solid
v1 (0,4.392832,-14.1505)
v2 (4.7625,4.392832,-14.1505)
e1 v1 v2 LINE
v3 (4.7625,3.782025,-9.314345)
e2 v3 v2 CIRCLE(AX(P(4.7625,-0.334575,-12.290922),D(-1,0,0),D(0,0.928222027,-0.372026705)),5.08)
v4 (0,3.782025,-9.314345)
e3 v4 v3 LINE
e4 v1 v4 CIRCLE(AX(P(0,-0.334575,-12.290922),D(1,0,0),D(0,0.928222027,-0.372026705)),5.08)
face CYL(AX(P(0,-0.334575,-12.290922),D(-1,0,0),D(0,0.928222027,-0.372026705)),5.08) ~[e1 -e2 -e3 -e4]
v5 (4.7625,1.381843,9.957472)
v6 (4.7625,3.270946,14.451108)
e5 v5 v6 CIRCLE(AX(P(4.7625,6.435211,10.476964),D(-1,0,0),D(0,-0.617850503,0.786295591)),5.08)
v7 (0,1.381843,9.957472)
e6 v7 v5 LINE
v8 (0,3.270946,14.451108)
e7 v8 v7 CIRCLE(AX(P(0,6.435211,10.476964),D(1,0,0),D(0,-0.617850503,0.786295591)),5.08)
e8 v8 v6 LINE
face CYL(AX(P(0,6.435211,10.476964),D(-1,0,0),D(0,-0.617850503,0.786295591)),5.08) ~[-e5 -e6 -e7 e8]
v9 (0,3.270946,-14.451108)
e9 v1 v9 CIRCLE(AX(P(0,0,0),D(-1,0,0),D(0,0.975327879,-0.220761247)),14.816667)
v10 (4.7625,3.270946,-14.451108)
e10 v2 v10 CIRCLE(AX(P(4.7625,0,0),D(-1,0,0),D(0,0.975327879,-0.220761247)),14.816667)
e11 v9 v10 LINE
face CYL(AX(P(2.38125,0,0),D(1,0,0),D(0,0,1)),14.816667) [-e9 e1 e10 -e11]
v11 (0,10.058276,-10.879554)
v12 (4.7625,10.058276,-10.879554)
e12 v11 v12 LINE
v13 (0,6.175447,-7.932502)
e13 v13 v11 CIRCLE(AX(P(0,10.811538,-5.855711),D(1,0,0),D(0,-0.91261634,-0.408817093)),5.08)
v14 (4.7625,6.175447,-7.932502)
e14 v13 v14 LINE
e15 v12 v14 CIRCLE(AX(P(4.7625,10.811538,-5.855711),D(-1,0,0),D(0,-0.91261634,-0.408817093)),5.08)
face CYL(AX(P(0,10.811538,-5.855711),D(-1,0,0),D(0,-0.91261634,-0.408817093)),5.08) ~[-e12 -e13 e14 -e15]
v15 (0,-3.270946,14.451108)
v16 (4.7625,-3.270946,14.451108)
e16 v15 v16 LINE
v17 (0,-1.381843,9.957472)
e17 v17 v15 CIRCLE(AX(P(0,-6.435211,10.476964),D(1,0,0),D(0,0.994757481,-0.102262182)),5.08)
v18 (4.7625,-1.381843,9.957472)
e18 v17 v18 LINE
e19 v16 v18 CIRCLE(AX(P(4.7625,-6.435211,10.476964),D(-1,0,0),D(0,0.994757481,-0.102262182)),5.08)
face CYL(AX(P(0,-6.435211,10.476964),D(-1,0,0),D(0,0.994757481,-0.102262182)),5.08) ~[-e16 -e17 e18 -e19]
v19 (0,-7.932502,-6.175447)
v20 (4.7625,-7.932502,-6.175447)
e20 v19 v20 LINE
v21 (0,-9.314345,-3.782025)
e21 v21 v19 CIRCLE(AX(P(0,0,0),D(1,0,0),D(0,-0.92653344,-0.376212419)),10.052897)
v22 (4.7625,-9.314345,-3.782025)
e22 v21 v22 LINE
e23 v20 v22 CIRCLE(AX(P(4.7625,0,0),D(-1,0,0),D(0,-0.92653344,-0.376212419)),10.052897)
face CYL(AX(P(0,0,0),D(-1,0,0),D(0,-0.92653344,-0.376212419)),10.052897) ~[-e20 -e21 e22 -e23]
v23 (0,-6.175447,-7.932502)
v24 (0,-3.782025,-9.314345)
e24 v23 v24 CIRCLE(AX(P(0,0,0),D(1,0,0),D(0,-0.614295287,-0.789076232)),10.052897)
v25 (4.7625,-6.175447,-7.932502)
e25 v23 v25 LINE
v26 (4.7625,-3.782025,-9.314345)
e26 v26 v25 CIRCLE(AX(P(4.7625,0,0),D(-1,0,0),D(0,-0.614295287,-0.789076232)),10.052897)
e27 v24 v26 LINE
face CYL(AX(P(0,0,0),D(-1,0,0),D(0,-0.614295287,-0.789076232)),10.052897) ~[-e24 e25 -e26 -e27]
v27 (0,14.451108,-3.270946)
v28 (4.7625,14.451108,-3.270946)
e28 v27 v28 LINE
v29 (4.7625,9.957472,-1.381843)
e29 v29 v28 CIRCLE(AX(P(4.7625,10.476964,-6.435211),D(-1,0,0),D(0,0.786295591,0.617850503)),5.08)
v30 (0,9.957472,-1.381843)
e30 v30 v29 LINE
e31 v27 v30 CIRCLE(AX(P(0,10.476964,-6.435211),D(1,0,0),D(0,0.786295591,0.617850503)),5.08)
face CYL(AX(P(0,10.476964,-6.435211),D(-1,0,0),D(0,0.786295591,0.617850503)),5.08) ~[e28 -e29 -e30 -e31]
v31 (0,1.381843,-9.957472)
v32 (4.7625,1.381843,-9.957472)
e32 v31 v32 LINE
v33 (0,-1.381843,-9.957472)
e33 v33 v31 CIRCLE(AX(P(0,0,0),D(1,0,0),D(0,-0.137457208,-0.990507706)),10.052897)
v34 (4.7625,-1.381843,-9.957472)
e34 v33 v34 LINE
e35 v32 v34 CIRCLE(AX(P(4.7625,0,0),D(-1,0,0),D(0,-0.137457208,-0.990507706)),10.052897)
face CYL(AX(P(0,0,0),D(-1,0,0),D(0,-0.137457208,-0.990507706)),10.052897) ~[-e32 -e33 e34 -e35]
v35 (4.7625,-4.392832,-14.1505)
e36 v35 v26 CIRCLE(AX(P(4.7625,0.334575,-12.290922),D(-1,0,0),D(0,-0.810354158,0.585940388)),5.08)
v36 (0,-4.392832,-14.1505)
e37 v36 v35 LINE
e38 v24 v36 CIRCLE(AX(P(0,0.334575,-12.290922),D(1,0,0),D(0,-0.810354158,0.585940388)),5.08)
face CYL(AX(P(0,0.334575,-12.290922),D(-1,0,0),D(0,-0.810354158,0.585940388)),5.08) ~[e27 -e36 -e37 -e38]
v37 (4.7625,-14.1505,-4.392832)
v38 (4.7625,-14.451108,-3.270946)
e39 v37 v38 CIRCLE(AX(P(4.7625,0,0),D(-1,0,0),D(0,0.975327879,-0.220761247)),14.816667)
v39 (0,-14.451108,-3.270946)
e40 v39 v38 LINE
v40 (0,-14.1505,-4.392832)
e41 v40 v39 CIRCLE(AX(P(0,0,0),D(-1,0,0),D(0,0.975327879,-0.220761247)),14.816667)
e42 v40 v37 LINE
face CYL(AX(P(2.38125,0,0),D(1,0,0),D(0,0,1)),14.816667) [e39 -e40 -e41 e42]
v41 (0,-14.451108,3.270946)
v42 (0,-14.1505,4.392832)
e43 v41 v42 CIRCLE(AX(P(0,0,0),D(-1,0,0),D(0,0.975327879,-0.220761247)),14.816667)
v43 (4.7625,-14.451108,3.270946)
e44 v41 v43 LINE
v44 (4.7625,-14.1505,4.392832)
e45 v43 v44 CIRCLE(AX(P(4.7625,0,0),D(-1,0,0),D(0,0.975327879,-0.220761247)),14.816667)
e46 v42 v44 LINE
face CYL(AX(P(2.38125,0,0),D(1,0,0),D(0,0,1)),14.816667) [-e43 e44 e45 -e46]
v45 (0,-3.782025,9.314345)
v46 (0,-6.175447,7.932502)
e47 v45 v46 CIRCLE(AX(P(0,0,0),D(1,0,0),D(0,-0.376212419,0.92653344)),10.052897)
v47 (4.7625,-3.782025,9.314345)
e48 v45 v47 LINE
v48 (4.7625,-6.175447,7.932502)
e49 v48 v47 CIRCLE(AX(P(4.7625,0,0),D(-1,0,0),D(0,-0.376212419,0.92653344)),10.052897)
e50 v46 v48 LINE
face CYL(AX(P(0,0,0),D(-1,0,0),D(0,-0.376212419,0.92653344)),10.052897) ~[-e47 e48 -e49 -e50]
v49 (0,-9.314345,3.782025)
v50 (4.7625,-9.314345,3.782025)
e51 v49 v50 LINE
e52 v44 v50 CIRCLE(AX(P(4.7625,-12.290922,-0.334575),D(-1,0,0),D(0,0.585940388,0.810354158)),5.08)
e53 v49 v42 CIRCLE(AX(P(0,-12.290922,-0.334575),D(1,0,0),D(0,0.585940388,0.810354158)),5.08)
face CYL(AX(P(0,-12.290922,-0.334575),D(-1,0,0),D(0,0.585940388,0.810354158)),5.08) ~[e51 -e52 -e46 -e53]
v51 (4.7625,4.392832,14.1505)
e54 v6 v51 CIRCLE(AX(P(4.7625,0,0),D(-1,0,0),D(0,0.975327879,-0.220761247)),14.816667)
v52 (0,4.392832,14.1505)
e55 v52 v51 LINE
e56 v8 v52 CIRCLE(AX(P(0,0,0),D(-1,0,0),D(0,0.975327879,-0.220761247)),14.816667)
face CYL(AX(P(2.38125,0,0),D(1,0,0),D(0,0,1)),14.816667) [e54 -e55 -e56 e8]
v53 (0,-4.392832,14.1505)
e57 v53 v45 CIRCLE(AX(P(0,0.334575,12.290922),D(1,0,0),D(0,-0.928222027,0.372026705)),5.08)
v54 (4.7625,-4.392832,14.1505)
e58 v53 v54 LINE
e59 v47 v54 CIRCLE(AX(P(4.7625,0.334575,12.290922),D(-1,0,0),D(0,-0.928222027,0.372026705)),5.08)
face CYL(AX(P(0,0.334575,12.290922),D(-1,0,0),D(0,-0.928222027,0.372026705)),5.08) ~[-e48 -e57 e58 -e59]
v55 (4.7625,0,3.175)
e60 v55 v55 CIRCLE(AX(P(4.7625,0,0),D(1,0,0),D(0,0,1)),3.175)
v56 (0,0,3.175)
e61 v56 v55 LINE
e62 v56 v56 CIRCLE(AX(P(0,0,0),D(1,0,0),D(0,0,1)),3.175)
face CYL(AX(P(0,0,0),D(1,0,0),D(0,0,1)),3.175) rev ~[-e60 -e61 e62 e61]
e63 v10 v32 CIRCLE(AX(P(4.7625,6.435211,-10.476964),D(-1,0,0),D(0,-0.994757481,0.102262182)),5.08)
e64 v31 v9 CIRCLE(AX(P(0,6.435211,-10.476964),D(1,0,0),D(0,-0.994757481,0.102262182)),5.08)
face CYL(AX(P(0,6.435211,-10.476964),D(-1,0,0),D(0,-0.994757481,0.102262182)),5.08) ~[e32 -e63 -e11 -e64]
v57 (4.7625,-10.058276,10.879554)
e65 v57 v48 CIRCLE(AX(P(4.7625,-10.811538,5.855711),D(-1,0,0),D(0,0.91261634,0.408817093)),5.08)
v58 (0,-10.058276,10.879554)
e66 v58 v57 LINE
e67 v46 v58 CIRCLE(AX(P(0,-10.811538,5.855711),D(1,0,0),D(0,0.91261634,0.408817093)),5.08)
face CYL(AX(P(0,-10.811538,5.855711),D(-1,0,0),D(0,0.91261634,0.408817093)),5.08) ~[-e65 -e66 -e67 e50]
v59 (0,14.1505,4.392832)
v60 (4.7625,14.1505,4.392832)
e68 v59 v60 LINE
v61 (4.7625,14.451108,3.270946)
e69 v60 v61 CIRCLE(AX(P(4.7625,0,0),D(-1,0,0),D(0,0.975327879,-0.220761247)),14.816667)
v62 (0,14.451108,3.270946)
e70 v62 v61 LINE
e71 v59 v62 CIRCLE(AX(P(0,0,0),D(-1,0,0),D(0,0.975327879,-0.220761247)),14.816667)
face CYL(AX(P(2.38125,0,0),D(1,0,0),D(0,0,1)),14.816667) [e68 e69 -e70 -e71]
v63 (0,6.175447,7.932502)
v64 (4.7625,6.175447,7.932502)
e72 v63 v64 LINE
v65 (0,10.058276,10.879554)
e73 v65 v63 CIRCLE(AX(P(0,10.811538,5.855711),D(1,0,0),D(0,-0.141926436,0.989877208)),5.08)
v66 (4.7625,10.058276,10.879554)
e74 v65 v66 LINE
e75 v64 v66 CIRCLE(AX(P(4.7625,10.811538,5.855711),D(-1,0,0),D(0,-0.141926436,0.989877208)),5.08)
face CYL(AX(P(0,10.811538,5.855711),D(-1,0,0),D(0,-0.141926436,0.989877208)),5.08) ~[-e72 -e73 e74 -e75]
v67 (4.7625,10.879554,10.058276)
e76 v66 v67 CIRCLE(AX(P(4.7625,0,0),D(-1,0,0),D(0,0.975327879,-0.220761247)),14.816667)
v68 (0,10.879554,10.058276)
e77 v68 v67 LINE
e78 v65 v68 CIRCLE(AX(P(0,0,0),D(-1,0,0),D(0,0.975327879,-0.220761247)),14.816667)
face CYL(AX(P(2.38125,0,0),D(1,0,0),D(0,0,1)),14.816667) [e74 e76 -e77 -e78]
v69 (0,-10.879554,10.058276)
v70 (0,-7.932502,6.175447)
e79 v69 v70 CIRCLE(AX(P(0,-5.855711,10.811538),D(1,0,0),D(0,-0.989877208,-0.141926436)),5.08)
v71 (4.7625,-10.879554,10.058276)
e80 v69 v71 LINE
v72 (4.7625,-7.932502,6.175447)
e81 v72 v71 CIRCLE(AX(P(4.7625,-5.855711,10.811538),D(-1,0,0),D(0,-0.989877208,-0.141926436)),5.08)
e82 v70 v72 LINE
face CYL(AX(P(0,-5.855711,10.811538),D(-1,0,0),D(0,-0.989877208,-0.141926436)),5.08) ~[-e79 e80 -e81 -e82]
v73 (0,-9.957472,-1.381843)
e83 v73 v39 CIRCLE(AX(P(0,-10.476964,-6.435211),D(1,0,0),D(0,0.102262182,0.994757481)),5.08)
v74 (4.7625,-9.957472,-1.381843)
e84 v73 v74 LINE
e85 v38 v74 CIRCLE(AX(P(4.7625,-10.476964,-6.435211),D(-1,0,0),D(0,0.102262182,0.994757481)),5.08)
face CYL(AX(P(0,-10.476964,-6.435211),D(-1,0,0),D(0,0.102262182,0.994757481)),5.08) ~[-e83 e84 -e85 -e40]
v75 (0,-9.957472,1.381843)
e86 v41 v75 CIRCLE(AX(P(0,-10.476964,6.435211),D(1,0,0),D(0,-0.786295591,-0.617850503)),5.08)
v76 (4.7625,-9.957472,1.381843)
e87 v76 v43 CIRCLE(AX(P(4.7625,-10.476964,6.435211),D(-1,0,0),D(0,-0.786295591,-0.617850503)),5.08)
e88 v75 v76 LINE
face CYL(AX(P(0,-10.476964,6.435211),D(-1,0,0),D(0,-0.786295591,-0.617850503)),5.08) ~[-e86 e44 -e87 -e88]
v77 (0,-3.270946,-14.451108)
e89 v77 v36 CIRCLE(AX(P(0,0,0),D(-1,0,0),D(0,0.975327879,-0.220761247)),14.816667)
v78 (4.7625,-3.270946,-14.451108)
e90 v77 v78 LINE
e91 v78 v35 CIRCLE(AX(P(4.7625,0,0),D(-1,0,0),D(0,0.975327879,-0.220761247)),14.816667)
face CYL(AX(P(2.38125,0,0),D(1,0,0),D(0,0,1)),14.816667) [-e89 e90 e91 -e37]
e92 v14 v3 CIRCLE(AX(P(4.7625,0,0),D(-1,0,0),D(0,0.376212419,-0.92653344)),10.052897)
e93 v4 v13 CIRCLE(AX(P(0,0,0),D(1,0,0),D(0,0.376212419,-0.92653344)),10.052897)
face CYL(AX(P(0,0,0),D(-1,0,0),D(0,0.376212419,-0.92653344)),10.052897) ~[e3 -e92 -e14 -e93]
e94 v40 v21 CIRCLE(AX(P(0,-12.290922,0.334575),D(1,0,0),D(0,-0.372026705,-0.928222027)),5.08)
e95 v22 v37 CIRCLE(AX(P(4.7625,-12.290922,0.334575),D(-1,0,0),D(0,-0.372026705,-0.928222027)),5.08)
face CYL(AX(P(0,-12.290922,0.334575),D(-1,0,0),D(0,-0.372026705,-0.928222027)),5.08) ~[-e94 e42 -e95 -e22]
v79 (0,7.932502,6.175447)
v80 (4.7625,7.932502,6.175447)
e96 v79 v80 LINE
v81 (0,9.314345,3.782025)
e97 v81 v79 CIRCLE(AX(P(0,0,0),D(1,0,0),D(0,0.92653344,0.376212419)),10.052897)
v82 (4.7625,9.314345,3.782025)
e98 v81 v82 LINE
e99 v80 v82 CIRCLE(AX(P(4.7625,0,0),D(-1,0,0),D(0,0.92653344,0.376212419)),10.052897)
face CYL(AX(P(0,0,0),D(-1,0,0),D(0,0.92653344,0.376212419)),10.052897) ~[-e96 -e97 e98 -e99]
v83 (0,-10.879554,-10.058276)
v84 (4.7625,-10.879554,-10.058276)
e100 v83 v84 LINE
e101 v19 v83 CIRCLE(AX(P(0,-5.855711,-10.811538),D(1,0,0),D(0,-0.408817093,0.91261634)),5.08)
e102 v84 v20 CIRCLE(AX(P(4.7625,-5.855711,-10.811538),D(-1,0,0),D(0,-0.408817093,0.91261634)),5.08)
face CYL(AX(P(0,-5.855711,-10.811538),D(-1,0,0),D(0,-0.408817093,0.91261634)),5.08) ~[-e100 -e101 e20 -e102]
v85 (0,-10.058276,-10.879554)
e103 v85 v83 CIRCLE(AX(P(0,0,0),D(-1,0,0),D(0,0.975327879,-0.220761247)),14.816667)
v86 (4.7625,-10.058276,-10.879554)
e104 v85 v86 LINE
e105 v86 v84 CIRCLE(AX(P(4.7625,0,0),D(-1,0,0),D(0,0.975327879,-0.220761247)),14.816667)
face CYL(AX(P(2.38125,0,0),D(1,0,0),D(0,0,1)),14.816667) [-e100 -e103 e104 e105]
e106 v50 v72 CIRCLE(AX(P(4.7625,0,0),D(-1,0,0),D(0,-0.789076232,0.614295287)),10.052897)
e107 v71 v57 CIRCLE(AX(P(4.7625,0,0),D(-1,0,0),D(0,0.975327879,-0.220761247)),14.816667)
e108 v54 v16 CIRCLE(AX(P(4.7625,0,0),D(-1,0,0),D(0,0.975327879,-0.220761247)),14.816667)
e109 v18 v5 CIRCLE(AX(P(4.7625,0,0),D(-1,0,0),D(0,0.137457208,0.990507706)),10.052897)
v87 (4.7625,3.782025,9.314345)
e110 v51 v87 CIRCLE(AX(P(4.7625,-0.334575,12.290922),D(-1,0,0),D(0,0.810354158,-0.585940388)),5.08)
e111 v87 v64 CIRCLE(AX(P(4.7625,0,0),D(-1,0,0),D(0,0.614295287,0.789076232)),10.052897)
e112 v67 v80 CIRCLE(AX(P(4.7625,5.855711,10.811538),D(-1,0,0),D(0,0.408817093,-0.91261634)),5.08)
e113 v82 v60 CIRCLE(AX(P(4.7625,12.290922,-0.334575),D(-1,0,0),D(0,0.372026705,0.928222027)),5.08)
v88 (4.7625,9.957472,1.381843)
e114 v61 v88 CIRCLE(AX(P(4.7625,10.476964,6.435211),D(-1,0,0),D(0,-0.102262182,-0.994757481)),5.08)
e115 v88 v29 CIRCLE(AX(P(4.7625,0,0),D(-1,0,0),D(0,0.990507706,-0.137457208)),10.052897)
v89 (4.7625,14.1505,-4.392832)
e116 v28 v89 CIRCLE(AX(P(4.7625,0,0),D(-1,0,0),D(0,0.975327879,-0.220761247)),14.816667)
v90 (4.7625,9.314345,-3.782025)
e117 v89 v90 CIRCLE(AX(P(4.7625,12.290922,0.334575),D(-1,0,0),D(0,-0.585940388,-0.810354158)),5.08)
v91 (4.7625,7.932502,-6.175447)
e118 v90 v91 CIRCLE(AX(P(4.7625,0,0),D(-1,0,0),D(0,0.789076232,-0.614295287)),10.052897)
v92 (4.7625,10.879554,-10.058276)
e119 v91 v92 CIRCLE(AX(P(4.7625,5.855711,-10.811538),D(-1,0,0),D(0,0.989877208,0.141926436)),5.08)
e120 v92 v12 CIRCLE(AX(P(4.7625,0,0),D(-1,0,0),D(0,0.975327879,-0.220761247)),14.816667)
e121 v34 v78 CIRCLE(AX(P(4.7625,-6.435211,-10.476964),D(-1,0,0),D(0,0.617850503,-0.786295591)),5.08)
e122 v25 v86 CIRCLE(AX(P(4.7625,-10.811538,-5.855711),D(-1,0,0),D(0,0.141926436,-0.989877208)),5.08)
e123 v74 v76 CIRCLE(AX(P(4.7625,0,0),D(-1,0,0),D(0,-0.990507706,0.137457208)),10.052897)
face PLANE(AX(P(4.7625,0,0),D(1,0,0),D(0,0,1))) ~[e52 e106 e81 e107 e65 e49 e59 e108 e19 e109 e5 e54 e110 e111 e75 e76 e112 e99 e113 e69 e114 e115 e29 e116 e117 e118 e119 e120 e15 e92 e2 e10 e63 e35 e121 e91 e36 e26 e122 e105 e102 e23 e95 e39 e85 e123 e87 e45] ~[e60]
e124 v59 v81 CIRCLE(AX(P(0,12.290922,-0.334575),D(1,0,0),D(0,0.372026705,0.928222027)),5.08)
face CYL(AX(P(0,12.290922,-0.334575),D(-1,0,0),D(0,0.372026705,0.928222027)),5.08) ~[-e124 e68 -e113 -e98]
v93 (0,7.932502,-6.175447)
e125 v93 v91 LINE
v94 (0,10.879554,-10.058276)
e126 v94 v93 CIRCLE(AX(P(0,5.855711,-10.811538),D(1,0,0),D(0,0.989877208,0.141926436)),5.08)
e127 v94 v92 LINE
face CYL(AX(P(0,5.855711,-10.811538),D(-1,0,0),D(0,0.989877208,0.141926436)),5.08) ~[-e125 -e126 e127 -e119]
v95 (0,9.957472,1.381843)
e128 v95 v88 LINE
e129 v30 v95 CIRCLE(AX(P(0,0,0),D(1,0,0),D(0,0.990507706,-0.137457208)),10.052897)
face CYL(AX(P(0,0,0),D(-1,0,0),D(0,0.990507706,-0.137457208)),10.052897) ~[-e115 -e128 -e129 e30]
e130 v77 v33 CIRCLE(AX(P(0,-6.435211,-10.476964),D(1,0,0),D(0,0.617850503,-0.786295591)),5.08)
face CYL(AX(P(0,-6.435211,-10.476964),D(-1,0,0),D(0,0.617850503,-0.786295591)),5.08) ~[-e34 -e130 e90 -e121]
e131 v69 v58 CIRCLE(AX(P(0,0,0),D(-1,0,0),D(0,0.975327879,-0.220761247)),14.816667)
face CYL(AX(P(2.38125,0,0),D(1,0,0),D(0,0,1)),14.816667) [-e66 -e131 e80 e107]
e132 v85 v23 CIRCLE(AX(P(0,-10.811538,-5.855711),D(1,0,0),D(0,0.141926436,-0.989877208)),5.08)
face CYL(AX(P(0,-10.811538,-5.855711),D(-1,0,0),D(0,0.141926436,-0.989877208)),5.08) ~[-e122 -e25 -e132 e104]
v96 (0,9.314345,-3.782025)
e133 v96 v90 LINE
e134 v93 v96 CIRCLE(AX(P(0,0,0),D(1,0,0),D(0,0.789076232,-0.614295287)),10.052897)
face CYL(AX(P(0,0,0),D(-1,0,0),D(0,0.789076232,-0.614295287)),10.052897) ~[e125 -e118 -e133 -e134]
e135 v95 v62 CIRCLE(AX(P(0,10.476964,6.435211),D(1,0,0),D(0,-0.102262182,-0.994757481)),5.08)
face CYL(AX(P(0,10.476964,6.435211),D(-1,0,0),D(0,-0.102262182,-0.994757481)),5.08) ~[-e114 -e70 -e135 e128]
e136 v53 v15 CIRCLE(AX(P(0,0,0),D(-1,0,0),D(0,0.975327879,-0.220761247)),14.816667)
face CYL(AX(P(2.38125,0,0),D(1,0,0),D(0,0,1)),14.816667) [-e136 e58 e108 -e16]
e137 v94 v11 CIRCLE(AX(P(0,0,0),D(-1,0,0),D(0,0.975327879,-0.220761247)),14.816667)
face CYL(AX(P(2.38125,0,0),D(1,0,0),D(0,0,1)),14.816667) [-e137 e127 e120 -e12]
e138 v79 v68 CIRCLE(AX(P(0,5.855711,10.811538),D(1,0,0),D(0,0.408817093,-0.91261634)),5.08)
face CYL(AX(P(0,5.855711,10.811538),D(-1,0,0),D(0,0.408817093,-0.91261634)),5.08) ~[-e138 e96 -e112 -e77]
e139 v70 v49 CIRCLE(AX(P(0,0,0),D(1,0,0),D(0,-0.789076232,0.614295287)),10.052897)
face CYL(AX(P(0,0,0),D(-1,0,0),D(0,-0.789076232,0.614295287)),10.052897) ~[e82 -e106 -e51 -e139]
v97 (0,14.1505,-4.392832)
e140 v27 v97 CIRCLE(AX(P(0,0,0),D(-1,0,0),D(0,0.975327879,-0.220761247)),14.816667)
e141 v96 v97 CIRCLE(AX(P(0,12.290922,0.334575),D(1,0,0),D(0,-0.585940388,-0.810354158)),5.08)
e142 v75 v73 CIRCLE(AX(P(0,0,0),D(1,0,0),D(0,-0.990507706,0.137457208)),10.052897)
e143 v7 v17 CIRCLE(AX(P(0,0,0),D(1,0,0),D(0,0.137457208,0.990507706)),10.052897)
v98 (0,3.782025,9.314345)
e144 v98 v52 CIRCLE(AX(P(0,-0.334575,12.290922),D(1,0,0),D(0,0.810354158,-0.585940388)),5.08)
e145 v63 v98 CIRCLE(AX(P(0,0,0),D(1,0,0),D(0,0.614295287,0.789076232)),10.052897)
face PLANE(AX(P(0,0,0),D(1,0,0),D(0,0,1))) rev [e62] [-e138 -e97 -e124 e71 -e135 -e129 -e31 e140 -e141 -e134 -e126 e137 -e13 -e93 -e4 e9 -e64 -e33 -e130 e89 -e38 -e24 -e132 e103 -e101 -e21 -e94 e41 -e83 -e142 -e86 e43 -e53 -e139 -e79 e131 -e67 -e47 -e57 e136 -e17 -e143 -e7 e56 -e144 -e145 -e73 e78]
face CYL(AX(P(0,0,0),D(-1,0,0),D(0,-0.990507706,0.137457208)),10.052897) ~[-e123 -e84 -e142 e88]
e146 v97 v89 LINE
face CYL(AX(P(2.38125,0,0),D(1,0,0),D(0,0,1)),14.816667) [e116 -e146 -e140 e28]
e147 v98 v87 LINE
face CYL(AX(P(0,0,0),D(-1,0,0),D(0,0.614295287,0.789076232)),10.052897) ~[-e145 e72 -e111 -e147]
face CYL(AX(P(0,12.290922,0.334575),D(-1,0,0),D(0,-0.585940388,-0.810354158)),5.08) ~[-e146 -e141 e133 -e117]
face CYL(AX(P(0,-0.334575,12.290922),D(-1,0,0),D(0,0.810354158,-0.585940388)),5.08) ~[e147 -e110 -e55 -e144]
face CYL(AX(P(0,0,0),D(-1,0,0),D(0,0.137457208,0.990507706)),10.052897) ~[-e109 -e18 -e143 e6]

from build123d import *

# Parameters (mm, degrees)
BASPROSKE_W     = 4.7625
BASPROSKE_H     = 14.816666667
TOOTHCUT_DEPTH  = 22.488337034
TEETHCUTS_COUNT = 12
TEETHCUTS_ANGLE = 330
BORSKE_R        = 3.175
BORE_DEPTH      = 50.8000508


with BuildPart() as part:
    # BasProSke → Base-Revolve (revolve)
    with BuildSketch(Plane(origin=(0, 0, 0), x_dir=(1, 0, 0), z_dir=(0, 1, 0)), mode=Mode.PRIVATE) as base_revolve_sk:
        with Locations((2.38125, 7.408333334)):
            Rectangle(BASPROSKE_W, BASPROSKE_H)
    revolve(base_revolve_sk.sketch.rotate(Axis((-10, 0, 0), (1, 0, 0)), 180), axis=Axis((-10, 0, 0), (1, 0, 0)))

    # TooCutSke → ToothCut (cut, through all)
    with BuildSketch(Plane(origin=(0, 0, 0), x_dir=(0, 0, -1), z_dir=(1, 0, 0))):
        with BuildLine():
            ThreePointArc((1.381843105, 9.957471618), (0, 10.052896667), (-1.381843105, 9.957471618))
            ThreePointArc((-1.381843105, 9.957471618), (-1.758547944, 12.460702813), (-3.296530556, 14.471345108))
            ThreePointArc((-3.296530556, 14.471345108), (0, 14.842066667), (3.296530556, 14.471345108))
            ThreePointArc((3.296530556, 14.471345108), (1.758547944, 12.460702813), (1.381843105, 9.957471618))
        make_face()
    toothcut = extrude(amount=TOOTHCUT_DEPTH, mode=Mode.SUBTRACT)

    # TeethCuts: ToothCut ×12 about axis
    teethcuts_axis = Axis((-10, 0, 0), (1, 0, 0))
    for i in range(1, TEETHCUTS_COUNT):
        add(toothcut.rotate(teethcuts_axis, i * TEETHCUTS_ANGLE / (TEETHCUTS_COUNT - 1)), mode=Mode.SUBTRACT)

    # BorSke → Bore (cut, symmetric)
    with BuildSketch(Plane(origin=(0, 0, 0), x_dir=(0, 0, -1), z_dir=(1, 0, 0))):
        with Locations(Location((0, 0, 0), (0, 0, 180))):
            Circle(BORSKE_R)
    extrude(amount=BORE_DEPTH, both=True, mode=Mode.SUBTRACT)


solid = part.part
